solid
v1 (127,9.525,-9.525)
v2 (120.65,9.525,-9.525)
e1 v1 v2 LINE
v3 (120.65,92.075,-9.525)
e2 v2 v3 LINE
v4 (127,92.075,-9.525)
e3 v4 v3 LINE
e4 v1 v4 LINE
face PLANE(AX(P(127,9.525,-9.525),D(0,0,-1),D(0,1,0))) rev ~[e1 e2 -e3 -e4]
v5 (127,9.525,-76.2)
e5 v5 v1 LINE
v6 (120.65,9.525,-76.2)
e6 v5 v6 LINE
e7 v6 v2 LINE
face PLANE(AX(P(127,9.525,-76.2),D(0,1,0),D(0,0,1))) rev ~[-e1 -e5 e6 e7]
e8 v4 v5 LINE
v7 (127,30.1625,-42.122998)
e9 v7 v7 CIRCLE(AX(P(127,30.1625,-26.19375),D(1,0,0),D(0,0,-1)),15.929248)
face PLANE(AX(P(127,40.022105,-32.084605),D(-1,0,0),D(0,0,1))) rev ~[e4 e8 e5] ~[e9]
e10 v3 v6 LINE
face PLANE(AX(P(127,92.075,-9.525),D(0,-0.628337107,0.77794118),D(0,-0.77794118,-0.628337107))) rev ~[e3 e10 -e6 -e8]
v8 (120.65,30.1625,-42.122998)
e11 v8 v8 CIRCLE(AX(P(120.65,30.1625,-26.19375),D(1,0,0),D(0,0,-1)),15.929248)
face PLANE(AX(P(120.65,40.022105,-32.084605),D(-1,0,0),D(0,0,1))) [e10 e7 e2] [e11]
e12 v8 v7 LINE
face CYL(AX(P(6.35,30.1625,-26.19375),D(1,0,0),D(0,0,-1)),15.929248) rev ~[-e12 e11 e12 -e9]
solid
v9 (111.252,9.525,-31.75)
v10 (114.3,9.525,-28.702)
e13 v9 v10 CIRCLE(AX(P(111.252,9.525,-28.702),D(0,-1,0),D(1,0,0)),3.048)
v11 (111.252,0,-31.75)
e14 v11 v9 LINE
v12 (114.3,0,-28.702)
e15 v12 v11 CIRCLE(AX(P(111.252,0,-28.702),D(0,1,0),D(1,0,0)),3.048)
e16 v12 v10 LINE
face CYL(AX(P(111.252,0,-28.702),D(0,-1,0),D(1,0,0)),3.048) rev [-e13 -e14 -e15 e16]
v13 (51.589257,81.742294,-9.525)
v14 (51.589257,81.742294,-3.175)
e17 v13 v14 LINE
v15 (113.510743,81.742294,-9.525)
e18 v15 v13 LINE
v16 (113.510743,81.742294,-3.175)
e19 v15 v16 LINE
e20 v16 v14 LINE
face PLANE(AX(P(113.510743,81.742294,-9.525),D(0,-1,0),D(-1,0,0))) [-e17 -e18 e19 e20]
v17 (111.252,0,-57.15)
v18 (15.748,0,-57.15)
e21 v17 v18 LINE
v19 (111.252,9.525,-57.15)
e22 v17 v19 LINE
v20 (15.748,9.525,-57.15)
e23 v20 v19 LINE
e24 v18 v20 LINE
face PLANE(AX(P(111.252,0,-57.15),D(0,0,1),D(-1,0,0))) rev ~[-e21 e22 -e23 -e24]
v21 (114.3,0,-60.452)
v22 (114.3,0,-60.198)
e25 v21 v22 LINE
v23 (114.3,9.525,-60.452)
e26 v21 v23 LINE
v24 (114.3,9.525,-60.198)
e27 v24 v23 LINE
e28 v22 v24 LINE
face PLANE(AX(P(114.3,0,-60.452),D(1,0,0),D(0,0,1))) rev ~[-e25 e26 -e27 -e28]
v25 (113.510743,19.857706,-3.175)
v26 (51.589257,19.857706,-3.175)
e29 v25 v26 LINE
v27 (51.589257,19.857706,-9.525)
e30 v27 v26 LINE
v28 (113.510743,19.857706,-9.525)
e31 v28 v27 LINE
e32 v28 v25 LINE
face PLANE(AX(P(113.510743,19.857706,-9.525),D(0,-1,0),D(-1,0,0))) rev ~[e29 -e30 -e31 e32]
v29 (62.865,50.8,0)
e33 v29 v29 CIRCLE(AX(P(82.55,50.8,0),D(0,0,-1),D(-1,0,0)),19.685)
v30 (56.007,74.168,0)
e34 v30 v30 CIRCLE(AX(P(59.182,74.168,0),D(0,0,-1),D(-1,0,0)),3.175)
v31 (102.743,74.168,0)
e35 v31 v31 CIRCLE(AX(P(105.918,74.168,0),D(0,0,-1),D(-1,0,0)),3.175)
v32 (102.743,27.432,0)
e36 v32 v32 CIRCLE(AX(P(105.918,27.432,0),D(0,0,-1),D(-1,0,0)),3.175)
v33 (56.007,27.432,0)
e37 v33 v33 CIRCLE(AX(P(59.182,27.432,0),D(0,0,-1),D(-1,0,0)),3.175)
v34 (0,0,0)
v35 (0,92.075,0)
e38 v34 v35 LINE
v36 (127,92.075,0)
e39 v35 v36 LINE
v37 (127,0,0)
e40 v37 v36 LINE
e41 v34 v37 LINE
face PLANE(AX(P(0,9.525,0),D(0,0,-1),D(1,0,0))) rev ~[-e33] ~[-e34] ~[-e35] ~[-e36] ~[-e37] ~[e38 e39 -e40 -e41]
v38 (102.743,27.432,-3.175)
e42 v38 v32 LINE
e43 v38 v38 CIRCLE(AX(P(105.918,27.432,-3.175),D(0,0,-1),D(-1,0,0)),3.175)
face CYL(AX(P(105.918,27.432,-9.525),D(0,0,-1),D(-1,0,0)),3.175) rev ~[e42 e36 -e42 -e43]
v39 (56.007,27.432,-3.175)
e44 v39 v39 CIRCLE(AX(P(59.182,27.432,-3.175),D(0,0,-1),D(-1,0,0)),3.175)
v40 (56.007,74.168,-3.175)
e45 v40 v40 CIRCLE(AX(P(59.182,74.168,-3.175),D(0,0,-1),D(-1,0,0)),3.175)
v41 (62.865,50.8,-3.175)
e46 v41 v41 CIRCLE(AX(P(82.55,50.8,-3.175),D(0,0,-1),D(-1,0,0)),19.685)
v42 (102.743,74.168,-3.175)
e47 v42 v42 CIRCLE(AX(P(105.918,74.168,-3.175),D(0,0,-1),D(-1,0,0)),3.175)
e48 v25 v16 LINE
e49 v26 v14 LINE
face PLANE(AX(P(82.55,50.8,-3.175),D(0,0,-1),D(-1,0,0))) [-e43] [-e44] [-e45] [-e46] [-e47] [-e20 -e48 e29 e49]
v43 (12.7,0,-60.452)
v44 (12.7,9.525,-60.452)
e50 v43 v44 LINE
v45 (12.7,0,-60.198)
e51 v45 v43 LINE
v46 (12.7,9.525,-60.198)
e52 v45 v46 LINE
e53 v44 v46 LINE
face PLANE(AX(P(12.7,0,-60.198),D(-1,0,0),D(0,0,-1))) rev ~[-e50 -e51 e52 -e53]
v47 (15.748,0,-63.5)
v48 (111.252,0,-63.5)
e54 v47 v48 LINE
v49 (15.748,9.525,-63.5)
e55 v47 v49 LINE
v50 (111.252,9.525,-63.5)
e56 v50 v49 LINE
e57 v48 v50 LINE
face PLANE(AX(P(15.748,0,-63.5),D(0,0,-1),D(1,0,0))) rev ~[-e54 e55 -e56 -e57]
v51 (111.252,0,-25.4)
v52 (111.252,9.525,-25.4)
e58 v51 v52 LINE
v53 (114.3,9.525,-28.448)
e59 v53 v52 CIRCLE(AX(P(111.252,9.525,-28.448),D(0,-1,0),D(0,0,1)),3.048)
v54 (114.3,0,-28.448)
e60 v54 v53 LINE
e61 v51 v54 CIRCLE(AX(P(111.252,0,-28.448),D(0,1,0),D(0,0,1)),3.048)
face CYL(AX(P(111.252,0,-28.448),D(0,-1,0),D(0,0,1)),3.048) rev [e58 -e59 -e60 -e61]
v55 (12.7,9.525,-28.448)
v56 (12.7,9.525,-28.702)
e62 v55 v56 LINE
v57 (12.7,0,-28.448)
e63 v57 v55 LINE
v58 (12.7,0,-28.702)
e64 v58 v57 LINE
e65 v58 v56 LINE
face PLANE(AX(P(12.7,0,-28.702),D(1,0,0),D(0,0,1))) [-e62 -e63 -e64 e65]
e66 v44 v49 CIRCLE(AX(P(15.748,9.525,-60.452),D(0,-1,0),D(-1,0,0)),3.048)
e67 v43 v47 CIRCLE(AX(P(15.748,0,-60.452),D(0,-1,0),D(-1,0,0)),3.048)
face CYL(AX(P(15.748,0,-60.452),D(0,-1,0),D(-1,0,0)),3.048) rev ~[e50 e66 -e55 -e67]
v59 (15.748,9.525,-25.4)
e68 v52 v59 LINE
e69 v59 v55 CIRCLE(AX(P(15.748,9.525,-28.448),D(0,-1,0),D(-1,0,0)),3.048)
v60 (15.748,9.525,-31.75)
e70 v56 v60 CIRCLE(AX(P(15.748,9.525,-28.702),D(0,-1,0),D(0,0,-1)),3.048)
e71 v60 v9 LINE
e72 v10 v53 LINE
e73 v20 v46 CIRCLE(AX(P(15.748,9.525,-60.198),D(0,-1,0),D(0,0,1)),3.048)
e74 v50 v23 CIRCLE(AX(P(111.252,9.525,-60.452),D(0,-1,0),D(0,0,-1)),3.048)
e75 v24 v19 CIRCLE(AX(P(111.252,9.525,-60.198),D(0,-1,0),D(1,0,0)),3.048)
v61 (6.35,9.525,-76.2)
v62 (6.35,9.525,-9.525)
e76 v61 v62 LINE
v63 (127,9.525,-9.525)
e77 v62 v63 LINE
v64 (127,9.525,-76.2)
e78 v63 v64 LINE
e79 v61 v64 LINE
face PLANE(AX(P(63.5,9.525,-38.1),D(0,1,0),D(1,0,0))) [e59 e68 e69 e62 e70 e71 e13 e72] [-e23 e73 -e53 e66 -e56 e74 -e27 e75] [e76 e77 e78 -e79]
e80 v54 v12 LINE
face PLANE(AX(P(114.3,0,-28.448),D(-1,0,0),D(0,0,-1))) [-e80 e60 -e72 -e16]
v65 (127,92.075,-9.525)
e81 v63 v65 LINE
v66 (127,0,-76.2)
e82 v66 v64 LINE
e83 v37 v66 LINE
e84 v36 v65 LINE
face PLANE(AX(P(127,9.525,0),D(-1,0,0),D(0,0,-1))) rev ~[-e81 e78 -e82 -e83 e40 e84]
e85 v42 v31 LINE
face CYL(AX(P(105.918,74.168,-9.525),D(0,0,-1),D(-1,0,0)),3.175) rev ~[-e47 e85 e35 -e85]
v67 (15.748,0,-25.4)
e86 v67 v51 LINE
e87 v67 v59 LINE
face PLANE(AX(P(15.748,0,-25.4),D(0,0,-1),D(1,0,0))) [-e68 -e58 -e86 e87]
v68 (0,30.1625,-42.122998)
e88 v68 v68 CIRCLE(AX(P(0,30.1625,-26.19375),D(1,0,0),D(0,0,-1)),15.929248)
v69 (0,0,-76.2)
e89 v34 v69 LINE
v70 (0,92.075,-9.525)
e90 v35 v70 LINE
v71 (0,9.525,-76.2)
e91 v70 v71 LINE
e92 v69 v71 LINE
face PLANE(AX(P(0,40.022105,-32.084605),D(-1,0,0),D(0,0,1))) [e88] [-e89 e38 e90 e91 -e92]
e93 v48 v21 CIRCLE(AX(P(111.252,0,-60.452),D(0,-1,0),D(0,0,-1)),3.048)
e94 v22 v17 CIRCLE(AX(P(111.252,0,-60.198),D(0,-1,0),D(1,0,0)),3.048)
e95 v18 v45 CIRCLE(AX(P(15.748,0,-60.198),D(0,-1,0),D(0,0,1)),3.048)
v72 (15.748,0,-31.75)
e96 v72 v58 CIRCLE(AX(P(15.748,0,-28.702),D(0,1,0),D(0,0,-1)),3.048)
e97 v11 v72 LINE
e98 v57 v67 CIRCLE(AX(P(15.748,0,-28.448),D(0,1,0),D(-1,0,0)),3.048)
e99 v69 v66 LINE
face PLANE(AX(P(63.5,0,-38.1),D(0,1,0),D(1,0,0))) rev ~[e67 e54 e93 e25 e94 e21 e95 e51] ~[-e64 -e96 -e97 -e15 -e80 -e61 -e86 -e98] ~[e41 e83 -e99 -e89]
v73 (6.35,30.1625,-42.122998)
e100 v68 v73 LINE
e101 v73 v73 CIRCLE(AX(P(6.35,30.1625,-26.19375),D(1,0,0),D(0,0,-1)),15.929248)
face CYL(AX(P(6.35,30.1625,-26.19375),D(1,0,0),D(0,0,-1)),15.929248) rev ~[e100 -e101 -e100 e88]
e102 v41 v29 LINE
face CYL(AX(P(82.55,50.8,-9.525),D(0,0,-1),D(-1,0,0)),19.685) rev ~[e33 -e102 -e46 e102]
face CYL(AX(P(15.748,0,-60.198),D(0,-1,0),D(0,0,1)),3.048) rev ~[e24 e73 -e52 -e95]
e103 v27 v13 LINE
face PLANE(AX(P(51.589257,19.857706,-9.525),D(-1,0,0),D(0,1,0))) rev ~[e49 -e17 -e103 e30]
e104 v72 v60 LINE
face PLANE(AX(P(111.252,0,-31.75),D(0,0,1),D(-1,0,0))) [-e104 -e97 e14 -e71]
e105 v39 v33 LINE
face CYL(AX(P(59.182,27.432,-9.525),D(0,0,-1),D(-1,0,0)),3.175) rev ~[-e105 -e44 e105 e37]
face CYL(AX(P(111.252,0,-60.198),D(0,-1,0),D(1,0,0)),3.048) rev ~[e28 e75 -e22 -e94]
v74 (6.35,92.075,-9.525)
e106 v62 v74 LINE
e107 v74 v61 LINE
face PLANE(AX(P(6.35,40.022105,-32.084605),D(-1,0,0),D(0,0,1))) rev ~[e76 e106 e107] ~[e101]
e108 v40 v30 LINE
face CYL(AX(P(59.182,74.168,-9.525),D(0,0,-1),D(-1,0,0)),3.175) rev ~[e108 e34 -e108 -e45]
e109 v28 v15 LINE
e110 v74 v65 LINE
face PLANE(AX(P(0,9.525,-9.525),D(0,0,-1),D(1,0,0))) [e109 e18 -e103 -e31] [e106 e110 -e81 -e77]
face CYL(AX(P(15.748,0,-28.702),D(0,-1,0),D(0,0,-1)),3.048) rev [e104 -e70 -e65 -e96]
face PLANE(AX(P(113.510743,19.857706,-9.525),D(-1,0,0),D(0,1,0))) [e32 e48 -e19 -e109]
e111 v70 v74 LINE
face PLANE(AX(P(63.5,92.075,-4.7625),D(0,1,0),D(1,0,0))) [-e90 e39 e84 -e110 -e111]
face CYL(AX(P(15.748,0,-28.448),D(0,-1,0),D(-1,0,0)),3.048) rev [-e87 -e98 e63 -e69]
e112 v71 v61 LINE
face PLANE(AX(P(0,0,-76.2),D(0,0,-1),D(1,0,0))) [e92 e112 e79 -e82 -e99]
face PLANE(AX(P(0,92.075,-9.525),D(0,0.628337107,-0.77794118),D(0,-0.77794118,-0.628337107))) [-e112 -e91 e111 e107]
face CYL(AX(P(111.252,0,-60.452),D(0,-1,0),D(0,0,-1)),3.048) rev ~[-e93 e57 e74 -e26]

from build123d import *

# Parameters (mm, degrees)
SKETCH2_W               = 127
SKETCH2_H               = 76.2
BOSS_EXTRUDE1_DEPTH     = 9.525
SKETCH3_W               = 127
SKETCH3_H               = 9.525
BOSS_EXTRUDE2_DEPTH     = 82.55
BOSS_EXTRUDE3_DEPTH     = 6.35
BOSS_EXTRUDE4_DEPTH     = 6.35
SKETCH7_R               = 19.685
SKETCH7_R_2             = 3.175
CUT_EXTRUDE1_DEPTH      = 10.525
SKETCH11_W              = 61.921486798
SKETCH11_H              = 61.884587426
CUT_EXTRUDE4_DEPTH      = 6.35
CUT_EXTRUDE5_DEPTH      = 93.075
SKETCH13_R              = 15.929247536
CUT_EXTRUDE6_DEPTH      = 121.65
CUT_EXTRUDE6_DEPTH_BACK = 7.35


with BuildPart() as part:
    # Sketch2 → Boss-Extrude1 (new body)
    with BuildSketch(Plane(origin=(0, 0, 0), x_dir=(1, 0, 0), z_dir=(0, 1, 0))):
        with Locations((63.5, 38.1)):
            Rectangle(SKETCH2_W, SKETCH2_H)
    extrude(amount=BOSS_EXTRUDE1_DEPTH)

    # Sketch3 → Boss-Extrude2 (add)
    with BuildSketch(Plane(origin=(0, 9.525, 0), x_dir=(1, 0, 0), z_dir=(0, 1, 0))):
        with Locations((63.5, 4.7625)):
            Rectangle(SKETCH3_W, SKETCH3_H)
    extrude(amount=BOSS_EXTRUDE2_DEPTH)

    # Sketch5 → Boss-Extrude4 (add)
    with BuildSketch(Plane.ZY):
        Polygon((-9.525, 92.075), (-76.2, 9.525), (-9.525, 9.525), align=None)
    extrude(amount=-BOSS_EXTRUDE4_DEPTH)

    # Sketch7 → Cut-Extrude1 (cut, through all)
    with BuildSketch(Plane(origin=(0, 0, -9.525), x_dir=(-1, 0, 0), z_dir=(0, 0, -1))):
        with Locations((-82.55, 50.8)):
            Circle(SKETCH7_R)
        with Locations((-105.918, 74.168)):
            Circle(SKETCH7_R_2)
        with Locations((-59.182, 74.168)):
            Circle(SKETCH7_R_2)
        with Locations((-59.182, 27.432)):
            Circle(SKETCH7_R_2)
        with Locations((-105.918, 27.432)):
            Circle(SKETCH7_R_2)
    extrude(amount=-CUT_EXTRUDE1_DEPTH, mode=Mode.SUBTRACT)

    # Sketch11 → Cut-Extrude4 (cut)
    with BuildSketch(Plane(origin=(0, 0, -9.525), x_dir=(-1, 0, 0), z_dir=(0, 0, -1))):
        with Locations((-82.55, 50.8)):
            Rectangle(SKETCH11_W, SKETCH11_H)
    extrude(amount=-CUT_EXTRUDE4_DEPTH, mode=Mode.SUBTRACT)

    # Sketch12 → Cut-Extrude5 (cut, through all)
    with BuildSketch(Plane.XZ):
        with BuildLine():
            Line((15.748, -63.5), (111.252, -63.5))
            ThreePointArc((111.252, -63.5), (113.407261469, -62.607261469), (114.3, -60.452))
            Line((114.3, -60.452), (114.3, -60.198))
            ThreePointArc((114.3, -60.198), (113.407261469, -58.042738531), (111.252, -57.15))
            Line((111.252, -57.15), (15.748, -57.15))
            ThreePointArc((15.748, -57.15), (13.592738531, -58.042738531), (12.7, -60.198))
            Line((12.7, -60.198), (12.7, -60.452))
            ThreePointArc((12.7, -60.452), (13.592738531, -62.607261469), (15.748, -63.5))
        make_face()
        with BuildLine():
            Line((15.748, -25.4), (111.252, -25.4))
            ThreePointArc((111.252, -25.4), (113.407261469, -26.292738531), (114.3, -28.448))
            Line((114.3, -28.448), (114.3, -28.702))
            ThreePointArc((114.3, -28.702), (113.407261469, -30.857261469), (111.252, -31.75))
            Line((111.252, -31.75), (15.748, -31.75))
            ThreePointArc((15.748, -31.75), (13.592738531, -30.857261469), (12.7, -28.702))
            Line((12.7, -28.702), (12.7, -28.448))
            ThreePointArc((12.7, -28.448), (13.592738531, -26.292738531), (15.748, -25.4))
        make_face()
    extrude(amount=-CUT_EXTRUDE5_DEPTH, mode=Mode.SUBTRACT)


with BuildPart() as body_2:
    # Sketch4 → Boss-Extrude3 (new body)
    with BuildSketch(Plane(origin=(127, 0, 0), x_dir=(0, 0, -1), z_dir=(1, 0, 0))):
        Polygon((9.525, 92.075), (76.2, 9.525), (9.525, 9.525), align=None)
    extrude(amount=-BOSS_EXTRUDE3_DEPTH)


with BuildPart() as cut_extrude6_tool:
    # Sketch13 → Cut-Extrude6 (new body, two sides)
    with BuildSketch(Plane(origin=(6.35, 0, 0), x_dir=(0, 0, -1), z_dir=(1, 0, 0))) as cut_extrude6_sk:
        with Locations((26.19375, 30.1625)):
            Circle(SKETCH13_R)
    extrude(amount=CUT_EXTRUDE6_DEPTH)
    extrude(cut_extrude6_sk.sketch, amount=-CUT_EXTRUDE6_DEPTH_BACK)


with BuildPart() as part_1:
    add(part.part)

    # Cut-Extrude6: cut by cut_extrude6_tool
    add(cut_extrude6_tool.part, mode=Mode.SUBTRACT)


with BuildPart() as body_2_1:
    add(body_2.part)

    # Cut-Extrude6: cut by cut_extrude6_tool
    add(cut_extrude6_tool.part, mode=Mode.SUBTRACT)


solid = Compound([part_1.part, body_2_1.part])
